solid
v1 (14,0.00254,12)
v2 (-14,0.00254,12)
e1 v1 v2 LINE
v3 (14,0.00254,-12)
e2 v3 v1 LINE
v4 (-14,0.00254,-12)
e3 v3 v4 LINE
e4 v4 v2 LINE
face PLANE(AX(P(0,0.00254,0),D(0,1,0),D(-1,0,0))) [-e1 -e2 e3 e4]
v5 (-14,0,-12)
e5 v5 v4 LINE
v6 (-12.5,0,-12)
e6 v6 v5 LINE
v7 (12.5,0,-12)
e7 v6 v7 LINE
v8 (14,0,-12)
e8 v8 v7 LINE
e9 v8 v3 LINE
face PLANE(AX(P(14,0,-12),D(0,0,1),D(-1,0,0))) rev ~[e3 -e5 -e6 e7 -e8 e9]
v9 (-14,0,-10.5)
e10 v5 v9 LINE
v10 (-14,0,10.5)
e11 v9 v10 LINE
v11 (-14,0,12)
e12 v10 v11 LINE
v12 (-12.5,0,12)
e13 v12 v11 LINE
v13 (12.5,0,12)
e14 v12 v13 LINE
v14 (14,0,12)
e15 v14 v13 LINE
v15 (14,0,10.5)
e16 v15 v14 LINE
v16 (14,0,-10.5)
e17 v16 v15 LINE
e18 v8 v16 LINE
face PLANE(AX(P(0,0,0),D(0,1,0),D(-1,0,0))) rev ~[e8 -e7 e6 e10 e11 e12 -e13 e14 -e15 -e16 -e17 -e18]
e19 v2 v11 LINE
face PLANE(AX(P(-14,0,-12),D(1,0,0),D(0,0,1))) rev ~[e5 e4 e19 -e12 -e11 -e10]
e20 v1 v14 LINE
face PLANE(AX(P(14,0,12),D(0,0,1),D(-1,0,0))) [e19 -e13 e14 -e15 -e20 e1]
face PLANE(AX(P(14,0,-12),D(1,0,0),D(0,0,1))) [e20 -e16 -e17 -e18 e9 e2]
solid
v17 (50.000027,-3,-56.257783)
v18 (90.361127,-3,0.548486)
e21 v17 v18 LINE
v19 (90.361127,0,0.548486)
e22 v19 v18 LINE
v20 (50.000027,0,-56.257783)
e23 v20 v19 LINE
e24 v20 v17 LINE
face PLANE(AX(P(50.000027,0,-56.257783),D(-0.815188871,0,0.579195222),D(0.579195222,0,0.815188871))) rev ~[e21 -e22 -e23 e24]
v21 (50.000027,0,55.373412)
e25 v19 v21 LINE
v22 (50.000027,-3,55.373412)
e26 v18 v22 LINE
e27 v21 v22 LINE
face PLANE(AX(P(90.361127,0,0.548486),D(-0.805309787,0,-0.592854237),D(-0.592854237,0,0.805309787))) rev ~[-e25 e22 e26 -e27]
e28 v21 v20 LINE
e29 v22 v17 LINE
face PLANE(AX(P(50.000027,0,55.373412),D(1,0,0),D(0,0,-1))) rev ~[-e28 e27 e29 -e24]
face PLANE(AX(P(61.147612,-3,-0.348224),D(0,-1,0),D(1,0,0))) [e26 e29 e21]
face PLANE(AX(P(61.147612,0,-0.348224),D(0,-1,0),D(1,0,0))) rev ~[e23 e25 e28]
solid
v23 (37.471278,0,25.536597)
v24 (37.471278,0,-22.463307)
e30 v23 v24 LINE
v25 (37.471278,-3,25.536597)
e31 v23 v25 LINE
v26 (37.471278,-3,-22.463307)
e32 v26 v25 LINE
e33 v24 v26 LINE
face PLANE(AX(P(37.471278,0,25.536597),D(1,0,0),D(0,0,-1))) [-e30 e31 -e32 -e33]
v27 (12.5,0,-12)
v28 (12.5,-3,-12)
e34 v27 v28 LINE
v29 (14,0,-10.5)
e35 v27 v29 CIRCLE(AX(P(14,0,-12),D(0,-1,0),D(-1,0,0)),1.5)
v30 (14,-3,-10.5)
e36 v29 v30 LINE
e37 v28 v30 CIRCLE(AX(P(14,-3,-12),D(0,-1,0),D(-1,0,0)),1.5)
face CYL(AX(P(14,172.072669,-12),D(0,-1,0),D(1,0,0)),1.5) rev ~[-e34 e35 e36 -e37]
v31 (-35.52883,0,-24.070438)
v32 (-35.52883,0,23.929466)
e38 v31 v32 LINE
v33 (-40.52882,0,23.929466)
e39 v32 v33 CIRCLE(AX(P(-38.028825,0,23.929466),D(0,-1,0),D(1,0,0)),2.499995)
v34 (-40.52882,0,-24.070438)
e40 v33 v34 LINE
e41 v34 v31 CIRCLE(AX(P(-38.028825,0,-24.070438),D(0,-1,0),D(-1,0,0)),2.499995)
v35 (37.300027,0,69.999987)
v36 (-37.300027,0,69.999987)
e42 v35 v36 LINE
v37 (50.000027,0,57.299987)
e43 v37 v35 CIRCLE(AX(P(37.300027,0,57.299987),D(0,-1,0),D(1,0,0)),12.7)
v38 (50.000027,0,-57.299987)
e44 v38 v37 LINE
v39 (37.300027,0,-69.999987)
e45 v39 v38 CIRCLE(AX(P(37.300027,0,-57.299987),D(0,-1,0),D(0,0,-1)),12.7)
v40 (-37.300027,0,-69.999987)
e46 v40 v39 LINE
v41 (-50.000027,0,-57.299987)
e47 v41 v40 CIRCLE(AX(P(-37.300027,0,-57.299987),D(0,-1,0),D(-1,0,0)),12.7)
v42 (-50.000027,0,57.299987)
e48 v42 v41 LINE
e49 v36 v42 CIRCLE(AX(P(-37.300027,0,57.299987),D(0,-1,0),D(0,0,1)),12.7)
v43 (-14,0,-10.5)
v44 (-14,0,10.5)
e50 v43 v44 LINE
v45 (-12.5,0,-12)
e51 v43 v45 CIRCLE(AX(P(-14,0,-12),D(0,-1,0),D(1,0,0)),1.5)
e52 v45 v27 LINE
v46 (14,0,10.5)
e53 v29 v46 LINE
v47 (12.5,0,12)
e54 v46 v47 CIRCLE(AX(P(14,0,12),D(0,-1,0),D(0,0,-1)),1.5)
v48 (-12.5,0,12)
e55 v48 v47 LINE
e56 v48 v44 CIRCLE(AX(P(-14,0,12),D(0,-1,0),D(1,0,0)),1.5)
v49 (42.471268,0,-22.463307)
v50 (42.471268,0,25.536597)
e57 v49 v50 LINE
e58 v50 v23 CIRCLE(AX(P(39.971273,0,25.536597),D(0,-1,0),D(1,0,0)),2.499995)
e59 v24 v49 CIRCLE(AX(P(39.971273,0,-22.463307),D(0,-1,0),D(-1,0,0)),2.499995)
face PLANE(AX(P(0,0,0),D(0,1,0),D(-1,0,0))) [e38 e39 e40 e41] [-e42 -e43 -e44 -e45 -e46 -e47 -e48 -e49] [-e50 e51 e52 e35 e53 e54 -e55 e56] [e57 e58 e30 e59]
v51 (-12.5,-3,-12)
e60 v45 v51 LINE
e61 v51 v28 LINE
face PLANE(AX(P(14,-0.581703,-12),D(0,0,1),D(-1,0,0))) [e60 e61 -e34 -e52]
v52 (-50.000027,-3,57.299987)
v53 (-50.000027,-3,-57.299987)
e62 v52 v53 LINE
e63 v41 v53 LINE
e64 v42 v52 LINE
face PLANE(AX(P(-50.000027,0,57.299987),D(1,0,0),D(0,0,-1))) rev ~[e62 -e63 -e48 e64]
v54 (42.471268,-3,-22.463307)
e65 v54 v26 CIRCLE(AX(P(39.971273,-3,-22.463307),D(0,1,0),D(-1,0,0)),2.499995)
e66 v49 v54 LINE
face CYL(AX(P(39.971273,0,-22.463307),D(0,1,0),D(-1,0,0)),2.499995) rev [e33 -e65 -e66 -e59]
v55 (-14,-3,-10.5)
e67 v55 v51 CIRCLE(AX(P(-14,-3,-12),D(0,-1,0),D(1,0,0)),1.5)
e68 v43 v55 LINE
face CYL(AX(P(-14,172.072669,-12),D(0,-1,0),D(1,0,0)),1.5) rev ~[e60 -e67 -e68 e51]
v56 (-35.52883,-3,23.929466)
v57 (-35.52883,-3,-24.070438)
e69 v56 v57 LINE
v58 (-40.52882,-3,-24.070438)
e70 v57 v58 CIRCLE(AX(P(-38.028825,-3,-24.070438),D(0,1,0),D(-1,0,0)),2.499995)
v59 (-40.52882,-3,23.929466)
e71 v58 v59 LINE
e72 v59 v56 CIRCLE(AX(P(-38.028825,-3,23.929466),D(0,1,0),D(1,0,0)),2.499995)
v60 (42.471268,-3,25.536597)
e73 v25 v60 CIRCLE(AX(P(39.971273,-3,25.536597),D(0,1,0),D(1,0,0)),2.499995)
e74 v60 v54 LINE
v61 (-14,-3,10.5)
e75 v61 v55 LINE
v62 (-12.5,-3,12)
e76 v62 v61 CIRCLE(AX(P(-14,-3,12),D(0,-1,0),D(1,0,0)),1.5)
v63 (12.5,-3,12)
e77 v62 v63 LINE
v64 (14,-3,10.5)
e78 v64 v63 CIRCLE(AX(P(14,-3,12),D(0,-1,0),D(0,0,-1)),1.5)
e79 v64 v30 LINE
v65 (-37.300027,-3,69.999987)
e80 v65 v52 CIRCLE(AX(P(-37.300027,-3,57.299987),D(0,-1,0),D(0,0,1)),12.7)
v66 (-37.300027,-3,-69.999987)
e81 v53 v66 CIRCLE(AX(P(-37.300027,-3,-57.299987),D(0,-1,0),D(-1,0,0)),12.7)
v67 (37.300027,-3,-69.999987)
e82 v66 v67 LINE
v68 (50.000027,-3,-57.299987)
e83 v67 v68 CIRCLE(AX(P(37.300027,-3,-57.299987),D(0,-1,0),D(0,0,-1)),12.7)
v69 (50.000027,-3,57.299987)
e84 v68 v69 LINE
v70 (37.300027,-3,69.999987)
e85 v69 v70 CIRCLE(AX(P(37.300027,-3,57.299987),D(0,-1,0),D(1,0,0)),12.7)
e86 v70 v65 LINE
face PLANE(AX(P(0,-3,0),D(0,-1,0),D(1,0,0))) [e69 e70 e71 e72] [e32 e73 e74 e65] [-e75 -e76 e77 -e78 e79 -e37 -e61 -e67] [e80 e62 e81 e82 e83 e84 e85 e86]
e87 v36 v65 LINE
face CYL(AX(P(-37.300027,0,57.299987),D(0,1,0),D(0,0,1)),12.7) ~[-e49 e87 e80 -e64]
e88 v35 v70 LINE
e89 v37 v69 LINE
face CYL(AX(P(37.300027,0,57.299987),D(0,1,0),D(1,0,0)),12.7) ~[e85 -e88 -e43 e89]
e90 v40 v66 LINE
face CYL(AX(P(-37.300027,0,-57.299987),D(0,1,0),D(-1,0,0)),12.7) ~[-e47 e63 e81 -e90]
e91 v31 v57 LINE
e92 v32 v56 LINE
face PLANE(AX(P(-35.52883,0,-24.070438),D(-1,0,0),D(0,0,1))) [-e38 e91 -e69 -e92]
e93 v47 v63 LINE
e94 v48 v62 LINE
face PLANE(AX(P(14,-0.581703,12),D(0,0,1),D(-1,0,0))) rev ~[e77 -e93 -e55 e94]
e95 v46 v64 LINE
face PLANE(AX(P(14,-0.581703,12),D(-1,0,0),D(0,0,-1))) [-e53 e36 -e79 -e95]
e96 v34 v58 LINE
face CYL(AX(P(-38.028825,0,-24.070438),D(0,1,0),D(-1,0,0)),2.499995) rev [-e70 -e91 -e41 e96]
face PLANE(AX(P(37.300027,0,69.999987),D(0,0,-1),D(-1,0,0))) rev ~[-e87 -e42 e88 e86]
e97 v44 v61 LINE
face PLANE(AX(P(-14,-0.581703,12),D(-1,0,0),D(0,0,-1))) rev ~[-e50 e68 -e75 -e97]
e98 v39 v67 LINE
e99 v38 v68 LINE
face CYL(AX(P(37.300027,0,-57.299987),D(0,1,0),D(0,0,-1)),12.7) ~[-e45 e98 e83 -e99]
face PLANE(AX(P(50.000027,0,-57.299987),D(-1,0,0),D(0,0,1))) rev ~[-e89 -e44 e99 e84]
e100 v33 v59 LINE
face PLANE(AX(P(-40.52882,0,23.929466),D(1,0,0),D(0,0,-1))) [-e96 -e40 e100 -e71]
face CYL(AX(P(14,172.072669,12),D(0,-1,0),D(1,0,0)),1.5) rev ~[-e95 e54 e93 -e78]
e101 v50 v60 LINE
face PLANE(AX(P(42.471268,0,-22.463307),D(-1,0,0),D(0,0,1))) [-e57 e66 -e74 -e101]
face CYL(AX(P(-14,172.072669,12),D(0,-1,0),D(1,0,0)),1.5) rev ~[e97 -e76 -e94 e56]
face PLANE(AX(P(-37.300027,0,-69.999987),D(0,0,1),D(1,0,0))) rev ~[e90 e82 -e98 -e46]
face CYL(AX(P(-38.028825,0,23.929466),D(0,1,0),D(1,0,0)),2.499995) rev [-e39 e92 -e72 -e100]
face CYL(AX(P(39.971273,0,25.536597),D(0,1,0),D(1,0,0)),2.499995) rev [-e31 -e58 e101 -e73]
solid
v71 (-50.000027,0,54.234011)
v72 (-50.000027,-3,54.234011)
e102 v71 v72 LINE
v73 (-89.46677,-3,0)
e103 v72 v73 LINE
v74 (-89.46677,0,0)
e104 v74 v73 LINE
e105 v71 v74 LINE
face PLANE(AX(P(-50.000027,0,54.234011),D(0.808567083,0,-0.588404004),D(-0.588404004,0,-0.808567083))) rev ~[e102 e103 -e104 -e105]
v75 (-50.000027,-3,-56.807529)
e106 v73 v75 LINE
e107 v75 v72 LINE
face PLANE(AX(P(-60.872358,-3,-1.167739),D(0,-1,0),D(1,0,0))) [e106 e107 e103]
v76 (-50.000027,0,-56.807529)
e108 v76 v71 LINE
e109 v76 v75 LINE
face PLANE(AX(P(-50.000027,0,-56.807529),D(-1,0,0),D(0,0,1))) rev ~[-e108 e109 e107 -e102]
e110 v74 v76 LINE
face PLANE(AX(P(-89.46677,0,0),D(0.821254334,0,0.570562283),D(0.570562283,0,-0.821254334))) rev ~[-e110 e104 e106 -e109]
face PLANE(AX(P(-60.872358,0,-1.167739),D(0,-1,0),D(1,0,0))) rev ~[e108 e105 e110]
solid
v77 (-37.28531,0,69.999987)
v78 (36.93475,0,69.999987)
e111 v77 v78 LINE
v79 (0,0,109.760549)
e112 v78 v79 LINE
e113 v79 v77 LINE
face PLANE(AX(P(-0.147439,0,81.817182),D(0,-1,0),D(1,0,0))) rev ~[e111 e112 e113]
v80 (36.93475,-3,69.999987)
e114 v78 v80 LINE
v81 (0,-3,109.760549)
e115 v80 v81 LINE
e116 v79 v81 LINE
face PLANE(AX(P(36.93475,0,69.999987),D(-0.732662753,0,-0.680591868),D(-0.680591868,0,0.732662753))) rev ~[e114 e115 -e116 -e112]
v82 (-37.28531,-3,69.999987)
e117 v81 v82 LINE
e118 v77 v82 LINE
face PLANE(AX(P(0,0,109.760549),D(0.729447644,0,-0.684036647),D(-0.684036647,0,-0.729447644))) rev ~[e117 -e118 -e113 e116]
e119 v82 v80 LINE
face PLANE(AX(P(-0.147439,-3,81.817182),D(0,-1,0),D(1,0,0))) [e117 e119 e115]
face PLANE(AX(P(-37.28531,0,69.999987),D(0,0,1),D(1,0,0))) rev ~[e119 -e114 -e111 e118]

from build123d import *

# Parameters (mm, degrees)
F2_DEPTH  = 3
F3_DEPTH  = 25.4
F4_DEPTH  = 3
F5_W      = 28
F5_H      = 24
F7_DEPTH  = 85.948869586
F8_DEPTH  = 0.5817031488
F8_FACE_W = 28
F8_FACE_H = 24
F9_DEPTH  = 13.2057741284
F10_DEPTH = 0.00254
F12_D     = 3
F11_W     = 28
F11_H     = 24
F13_DEPTH = 0.0001


with BuildPart() as f2:
    # F1 (on face) → F2 (new body)
    with BuildSketch(Plane.XZ):
        Polygon((-50.000027, -56.8075293898), (-50.000027, 54.2340109895), (-89.4667699399, 0), align=None)
    extrude(amount=F2_DEPTH)


with BuildPart() as f2b:
    # F0 (on Front) → F2, piece 2 (new body)
    with BuildSketch(Plane.XZ):
        with BuildLine():
            Line((37.300027, 69.999987), (-37.300027, 69.999987))
            ThreePointArc((-37.300027, 69.999987), (-46.2802831211, 66.2802431211), (-50.000027, 57.299987))
            Line((-50.000027, 57.299987), (-50.000027, -57.299987))
            ThreePointArc((-50.000027, -57.299987), (-46.2802831211, -66.2802431211), (-37.300027, -69.999987))
            Line((-37.300027, -69.999987), (37.300027, -69.999987))
            ThreePointArc((37.300027, -69.999987), (46.2802831211, -66.2802431211), (50.000027, -57.299987))
            Line((50.000027, -57.299987), (50.000027, 57.299987))
            ThreePointArc((50.000027, 57.299987), (46.2802831211, 66.2802431211), (37.300027, 69.999987))
        make_face()
    extrude(amount=F2_DEPTH)

    # F1 (on face) → F3 (cut)
    with BuildSketch(Plane.XZ):
        with BuildLine():
            ThreePointArc((-35.5288300744, 23.9294660024), (-38.0288250744, 26.4294610024), (-40.5288200744, 23.9294660024))
            Line((-40.5288200744, 23.9294660024), (-40.5288200744, -24.0704379976))
            ThreePointArc((-40.5288200744, -24.0704379976), (-38.0288250744, -26.5704329976), (-35.5288300744, -24.0704379976))
            Line((-35.5288300744, -24.0704379976), (-35.5288300744, 23.9294660024))
        make_face()
        with BuildLine():
            ThreePointArc((42.4712679256, 25.5365972154), (39.9712729256, 28.0365922154), (37.4712779256, 25.5365972154))
            Line((37.4712779256, 25.5365972154), (37.4712779256, -22.4633067846))
            ThreePointArc((37.4712779256, -22.4633067846), (39.9712729256, -24.9633017846), (42.4712679256, -22.4633067846))
            Line((42.4712679256, -22.4633067846), (42.4712679256, 25.5365972154))
        make_face()
    extrude(amount=F3_DEPTH, mode=Mode.SUBTRACT)

    # F5 (on face) → F7 (cut)
    with BuildSketch(Plane(origin=(0, 0, 0), x_dir=(-1, 0, 0), z_dir=(0, 1, 0))):
        Rectangle(F5_W, F5_H)
    extrude(amount=-F7_DEPTH, mode=Mode.SUBTRACT)

    # F5 (on face) → F8 (join)
    with BuildSketch(Plane(origin=(0, 0, 0), x_dir=(-1, 0, 0), z_dir=(0, 1, 0))):
        Rectangle(F5_W, F5_H)
    extrude(amount=-F8_DEPTH)

    # F8_face (on face) + F6 (on face) → F9 (cut)
    with BuildSketch(Plane(origin=(0, -0.5817031488, 0), x_dir=(-1, 0, 0), z_dir=(0, -1, 0))):
        Rectangle(F8_FACE_W, F8_FACE_H)
    with BuildSketch(Plane(origin=(0, 0, 0), x_dir=(-1, 0, 0), z_dir=(0, 1, 0))):
        with BuildLine():
            ThreePointArc((-6.0618435964, -5.8568658896), (-7.3318436153, -7.1268659085), (-6.0618435964, -8.3968659274))
            Line((-6.0618435964, -8.3968659274), (7.4327886105, -8.3968659274))
            ThreePointArc((7.4327886105, -8.3968659274), (8.7027886294, -7.1268659085), (7.4327886105, -5.8568658896))
            Line((7.4327886105, -5.8568658896), (-6.0618435964, -5.8568658896))
        make_face()
        with BuildLine():
            ThreePointArc((-4.9149026163, 7.7529164374), (-6.1849026352, 6.4829164185), (-4.9149026163, 5.2129163995))
            Line((-4.9149026163, 5.2129163995), (7.4327886105, 5.2129163995))
            ThreePointArc((7.4327886105, 5.2129163995), (8.7027886294, 6.4829164185), (7.4327886105, 7.7529164374))
            Line((7.4327886105, 7.7529164374), (-4.9149026163, 7.7529164374))
        make_face()
    extrude(amount=-F9_DEPTH, dir=(0, -1, 0), mode=Mode.SUBTRACT)

    # F12 (through all)
    with Locations(Plane(origin=(0, 0, 0), x_dir=(-1, 0, 0), z_dir=(0, 1, 0))):
        with Locations((14, 12), (14, -12), (-14, 12), (-14, -12)):
            Hole(F12_D / 2)



with BuildPart() as f4:
    # F1 (on face) → F4 (new body)
    with BuildSketch(Plane.XZ):
        Polygon((-37.2853103149, 69.999987), (36.934749776, 69.999987), (0, 109.7605493885), align=None)
    extrude(amount=F4_DEPTH)


with BuildPart() as f4b:
    # F1 (on face) → F4, piece 2 (new body)
    with BuildSketch(Plane.XZ):
        Polygon((90.3611274951, 0.5484864628), (50.000027, 55.3734117853), (50.000027, -56.2577831508), align=None)
    extrude(amount=F4_DEPTH)


with BuildPart() as f10:
    # F5 (on face) → F10 (new body)
    with BuildSketch(Plane(origin=(0, 0, 0), x_dir=(-1, 0, 0), z_dir=(0, 1, 0))):
        Rectangle(F5_W, F5_H)
    extrude(amount=F10_DEPTH)


with BuildPart() as f2b_1:
    add(f2b.part)

    add(f10.part)  # F13 merges F10
    # F11 (on face) → F13 (join)
    with BuildSketch(Plane(origin=(0, 0, 0), x_dir=(-1, 0, 0), z_dir=(0, 1, 0))):
        Rectangle(F11_W, F11_H)
    extrude(amount=F13_DEPTH)


solid = Compound([f2.part, f4.part, f4b.part, f2b_1.part])
